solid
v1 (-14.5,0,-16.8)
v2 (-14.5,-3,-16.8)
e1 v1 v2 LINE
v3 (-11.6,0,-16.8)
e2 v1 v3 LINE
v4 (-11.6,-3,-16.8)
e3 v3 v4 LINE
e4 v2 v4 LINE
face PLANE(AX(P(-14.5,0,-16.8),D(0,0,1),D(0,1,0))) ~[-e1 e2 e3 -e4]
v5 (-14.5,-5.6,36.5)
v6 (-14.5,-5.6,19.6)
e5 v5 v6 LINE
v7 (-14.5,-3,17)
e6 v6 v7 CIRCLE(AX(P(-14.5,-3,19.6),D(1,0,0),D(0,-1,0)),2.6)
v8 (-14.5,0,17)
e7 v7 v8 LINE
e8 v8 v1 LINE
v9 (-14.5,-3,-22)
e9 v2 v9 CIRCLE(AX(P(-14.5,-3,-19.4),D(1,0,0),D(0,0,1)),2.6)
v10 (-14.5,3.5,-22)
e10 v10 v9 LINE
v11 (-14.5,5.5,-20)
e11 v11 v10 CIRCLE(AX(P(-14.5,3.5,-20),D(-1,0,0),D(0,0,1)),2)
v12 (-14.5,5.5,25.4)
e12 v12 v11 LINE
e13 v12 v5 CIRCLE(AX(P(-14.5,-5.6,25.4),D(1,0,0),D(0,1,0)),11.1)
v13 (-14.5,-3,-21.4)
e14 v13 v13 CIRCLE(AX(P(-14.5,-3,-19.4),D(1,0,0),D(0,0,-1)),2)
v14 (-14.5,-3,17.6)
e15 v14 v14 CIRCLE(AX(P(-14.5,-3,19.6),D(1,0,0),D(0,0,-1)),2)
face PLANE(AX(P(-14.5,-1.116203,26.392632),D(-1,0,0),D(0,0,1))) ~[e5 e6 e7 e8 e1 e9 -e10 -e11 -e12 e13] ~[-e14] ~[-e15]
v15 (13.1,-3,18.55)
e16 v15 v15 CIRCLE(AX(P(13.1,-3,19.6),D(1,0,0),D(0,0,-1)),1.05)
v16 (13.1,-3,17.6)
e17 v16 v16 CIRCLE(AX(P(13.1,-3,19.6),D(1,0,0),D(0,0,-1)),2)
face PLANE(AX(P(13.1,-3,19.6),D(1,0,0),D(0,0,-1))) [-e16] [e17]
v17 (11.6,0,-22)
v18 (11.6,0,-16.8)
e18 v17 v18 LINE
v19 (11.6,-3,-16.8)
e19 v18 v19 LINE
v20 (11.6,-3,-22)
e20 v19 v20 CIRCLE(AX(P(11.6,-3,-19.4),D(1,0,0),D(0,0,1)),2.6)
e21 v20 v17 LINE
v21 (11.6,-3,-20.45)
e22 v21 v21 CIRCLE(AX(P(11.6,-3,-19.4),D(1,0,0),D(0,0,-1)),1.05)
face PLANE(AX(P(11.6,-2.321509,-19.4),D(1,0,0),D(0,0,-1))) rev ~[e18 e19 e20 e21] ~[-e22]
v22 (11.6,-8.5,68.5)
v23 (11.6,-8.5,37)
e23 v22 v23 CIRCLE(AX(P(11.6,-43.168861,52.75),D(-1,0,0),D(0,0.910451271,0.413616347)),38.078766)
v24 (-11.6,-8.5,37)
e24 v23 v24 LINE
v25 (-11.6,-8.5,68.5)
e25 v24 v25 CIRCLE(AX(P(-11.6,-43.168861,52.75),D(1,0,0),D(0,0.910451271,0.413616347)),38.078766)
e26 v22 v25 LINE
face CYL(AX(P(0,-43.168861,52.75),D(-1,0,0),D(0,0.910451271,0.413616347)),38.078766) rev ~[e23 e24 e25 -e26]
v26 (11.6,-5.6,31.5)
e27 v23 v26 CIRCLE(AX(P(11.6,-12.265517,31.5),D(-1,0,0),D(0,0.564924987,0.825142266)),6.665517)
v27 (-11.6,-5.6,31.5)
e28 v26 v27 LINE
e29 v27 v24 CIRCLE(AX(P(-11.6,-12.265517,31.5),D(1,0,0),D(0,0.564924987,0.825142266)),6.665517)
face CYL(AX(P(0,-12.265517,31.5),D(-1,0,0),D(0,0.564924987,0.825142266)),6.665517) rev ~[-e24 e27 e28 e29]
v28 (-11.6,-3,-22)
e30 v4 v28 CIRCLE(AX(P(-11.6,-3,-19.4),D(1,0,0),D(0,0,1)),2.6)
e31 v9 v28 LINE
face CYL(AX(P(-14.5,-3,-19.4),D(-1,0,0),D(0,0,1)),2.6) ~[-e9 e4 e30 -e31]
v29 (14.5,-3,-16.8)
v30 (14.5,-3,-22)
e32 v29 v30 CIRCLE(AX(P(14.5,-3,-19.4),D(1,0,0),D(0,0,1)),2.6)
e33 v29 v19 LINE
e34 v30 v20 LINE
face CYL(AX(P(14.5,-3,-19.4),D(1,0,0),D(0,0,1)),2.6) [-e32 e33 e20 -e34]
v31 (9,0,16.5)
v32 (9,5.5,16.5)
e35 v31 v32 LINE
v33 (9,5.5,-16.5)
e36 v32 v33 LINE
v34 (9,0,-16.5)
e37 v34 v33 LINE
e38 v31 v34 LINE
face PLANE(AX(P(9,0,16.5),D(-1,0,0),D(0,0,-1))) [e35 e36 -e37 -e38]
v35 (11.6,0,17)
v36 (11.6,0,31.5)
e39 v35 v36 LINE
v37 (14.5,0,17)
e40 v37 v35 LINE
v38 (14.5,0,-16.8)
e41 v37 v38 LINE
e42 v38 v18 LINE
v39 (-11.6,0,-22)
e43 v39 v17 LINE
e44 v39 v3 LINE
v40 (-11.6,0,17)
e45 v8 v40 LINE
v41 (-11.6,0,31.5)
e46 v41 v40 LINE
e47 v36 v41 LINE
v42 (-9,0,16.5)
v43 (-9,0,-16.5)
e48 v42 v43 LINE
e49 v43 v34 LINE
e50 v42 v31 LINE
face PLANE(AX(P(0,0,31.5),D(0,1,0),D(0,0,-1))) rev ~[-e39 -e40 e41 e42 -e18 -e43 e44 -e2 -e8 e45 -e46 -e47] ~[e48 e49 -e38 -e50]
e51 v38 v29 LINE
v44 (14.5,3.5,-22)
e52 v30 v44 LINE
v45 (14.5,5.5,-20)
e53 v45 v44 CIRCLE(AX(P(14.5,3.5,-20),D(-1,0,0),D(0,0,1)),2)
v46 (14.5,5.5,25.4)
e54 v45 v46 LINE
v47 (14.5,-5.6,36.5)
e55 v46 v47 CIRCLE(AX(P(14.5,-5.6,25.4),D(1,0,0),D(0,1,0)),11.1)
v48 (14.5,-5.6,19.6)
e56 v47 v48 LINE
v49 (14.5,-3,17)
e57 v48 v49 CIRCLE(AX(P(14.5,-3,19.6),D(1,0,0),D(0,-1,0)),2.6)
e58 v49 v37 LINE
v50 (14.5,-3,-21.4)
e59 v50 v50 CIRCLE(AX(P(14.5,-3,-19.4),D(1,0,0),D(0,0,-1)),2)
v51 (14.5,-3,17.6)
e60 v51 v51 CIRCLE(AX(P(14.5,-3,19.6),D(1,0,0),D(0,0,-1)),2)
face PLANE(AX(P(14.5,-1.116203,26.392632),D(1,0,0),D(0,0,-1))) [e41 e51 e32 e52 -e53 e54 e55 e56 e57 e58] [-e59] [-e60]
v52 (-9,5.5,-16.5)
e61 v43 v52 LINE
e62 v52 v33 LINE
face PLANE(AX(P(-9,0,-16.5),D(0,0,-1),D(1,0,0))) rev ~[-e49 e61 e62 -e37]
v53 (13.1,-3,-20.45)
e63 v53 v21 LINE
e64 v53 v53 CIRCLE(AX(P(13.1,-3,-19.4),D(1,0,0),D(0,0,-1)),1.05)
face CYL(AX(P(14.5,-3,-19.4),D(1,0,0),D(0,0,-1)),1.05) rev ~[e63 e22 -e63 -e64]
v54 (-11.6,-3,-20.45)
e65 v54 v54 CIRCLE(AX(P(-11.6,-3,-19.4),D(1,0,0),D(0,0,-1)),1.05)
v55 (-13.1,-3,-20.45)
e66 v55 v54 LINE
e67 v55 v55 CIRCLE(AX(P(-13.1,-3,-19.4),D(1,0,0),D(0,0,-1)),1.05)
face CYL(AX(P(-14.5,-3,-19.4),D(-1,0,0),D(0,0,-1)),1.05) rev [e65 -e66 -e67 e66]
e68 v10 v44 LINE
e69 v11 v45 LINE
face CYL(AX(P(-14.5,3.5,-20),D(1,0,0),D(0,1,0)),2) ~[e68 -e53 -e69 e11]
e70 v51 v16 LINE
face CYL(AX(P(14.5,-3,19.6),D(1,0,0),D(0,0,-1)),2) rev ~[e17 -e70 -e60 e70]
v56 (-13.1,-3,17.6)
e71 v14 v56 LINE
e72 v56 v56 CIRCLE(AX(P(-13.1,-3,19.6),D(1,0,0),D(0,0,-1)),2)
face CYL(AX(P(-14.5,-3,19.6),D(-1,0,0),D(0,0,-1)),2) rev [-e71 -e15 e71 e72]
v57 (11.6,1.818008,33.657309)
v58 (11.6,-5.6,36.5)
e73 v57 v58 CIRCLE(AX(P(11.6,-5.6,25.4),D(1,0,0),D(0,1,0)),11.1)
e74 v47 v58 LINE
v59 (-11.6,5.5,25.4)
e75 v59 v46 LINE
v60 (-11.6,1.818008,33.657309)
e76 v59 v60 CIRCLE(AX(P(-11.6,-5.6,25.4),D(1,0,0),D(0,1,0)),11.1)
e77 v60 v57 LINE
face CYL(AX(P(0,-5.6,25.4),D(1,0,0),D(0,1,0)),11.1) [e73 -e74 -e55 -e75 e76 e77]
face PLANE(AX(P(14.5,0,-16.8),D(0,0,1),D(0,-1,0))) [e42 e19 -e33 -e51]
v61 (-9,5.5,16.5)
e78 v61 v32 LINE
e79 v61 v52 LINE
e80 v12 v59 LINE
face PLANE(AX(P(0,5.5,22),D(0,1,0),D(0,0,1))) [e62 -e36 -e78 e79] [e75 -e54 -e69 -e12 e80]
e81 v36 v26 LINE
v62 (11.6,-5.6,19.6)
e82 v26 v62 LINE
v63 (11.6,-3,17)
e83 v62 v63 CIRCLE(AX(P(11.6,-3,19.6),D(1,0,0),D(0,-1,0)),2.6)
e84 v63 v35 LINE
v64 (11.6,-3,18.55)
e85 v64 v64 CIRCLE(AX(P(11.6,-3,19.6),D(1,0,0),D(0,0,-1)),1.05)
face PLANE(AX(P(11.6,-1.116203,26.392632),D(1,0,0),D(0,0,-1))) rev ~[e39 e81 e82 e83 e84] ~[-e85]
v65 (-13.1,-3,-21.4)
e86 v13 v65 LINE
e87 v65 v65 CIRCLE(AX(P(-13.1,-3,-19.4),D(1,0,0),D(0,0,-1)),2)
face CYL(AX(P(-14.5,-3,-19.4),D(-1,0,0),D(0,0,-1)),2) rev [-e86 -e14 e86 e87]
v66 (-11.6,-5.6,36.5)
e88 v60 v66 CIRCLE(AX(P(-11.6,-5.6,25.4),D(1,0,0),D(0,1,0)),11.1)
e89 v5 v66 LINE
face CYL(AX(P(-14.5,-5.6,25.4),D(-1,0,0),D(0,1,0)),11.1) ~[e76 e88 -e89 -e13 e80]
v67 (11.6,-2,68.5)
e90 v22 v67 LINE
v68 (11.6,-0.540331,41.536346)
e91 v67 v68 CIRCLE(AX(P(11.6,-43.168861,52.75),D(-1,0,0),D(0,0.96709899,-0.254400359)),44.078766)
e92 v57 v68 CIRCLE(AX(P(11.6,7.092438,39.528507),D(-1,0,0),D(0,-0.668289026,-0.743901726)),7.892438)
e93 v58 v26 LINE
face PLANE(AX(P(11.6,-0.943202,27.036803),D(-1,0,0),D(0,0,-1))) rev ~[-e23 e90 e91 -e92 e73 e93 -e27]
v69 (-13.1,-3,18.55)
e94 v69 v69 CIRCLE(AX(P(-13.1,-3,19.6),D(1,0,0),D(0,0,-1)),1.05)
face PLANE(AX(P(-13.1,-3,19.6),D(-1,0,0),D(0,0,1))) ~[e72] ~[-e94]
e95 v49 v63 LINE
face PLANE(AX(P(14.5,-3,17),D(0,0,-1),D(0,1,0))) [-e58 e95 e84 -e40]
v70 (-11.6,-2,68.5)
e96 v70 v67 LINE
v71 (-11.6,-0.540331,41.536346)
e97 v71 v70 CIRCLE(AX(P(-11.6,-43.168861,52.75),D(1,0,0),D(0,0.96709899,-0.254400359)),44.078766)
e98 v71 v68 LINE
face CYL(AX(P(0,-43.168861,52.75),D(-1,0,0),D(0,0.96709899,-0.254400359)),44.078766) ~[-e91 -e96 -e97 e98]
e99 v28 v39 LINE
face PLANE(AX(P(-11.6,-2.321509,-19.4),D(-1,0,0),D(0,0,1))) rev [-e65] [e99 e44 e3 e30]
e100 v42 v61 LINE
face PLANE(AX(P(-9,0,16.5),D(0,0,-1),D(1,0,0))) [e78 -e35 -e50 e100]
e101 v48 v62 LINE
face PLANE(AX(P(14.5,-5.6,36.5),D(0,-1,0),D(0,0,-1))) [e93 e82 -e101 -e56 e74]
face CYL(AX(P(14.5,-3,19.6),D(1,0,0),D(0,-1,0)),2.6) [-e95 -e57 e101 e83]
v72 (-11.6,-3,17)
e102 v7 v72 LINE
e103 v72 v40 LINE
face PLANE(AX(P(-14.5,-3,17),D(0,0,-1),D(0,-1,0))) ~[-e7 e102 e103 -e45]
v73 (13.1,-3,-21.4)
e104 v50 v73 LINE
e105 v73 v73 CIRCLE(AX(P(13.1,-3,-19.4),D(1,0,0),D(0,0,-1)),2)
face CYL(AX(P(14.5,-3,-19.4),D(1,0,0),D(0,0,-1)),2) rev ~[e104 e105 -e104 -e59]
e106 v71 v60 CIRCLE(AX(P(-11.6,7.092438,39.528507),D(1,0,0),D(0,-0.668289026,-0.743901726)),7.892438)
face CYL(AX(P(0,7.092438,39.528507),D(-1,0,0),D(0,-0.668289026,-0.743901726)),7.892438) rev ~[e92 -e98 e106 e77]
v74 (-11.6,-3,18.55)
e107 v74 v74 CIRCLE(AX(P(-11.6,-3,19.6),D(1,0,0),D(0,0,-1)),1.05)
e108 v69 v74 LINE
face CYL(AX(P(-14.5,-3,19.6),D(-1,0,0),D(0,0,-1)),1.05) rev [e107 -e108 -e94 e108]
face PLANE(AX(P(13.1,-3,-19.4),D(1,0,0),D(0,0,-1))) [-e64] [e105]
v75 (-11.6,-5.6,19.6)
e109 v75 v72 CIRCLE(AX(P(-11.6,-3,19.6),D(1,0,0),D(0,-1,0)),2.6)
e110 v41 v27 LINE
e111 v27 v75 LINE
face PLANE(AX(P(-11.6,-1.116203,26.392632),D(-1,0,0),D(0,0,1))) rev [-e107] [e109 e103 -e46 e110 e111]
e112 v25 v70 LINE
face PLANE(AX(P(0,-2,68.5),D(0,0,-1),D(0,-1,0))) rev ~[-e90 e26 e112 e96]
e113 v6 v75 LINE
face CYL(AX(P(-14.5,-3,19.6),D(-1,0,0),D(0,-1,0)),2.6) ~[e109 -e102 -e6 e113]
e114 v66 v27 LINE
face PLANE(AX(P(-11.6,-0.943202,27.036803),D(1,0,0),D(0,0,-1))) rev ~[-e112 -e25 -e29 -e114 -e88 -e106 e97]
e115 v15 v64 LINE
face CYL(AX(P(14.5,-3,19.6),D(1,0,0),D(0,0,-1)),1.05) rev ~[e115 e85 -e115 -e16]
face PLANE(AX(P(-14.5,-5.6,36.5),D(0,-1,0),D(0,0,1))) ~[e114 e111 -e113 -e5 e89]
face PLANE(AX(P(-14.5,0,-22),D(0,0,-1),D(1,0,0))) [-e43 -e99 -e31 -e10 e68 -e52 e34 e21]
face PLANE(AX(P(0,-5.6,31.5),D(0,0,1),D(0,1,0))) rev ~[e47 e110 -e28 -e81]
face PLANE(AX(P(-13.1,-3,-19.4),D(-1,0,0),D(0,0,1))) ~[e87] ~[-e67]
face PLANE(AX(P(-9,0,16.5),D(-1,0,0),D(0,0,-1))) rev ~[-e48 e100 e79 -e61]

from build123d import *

# Parameters (mm, degrees)
SKETCH1_W                       = 29
SKETCH1_H                       = 44
SKETCH1_W_2                     = 18
SKETCH1_H_2                     = 33
BOSS_EXTRUDE1_DEPTH             = 5.5
SKETCH2_R                       = 1.05
BOSS_EXTRUDE2_DEPTH             = 2.9
SKETCH2_4_R                     = 2
SKETCH2_4_R_2                   = 1.05
CUT_EXTRUDE1_DEPTH              = 1.4
BOSS_EXTRUDE4_REACH             = 41.672
BOSS_EXTRUDE4_DIRECTION_2_REACH = 41.672
FILLET1_R                       = 2


with BuildPart() as part:
    # Sketch1 → Boss-Extrude1 (new body)
    with BuildSketch(Plane(origin=(0, 0, 0), x_dir=(1, 0, 0), z_dir=(0, 1, 0))):
        Rectangle(SKETCH1_W, SKETCH1_H)
        Rectangle(SKETCH1_W_2, SKETCH1_H_2, mode=Mode.SUBTRACT)
    extrude(amount=BOSS_EXTRUDE1_DEPTH)

    # Sketch2 → Boss-Extrude2 (add)
    # profile 1 of 2: a face of its own
    with BuildSketch(Plane(origin=(14.5, 0, 0), x_dir=(0, 0, -1), z_dir=(1, 0, 0))):
        with BuildLine():
            Line((-17, -3), (-17, 0))
            Line((-17, 0), (-22, 0))
            Line((-22, 0), (-22, 5.5))
            Line((-22, 5.5), (-25.4, 5.5))
            ThreePointArc((-25.4, 5.5), (-33.248885271, 2.248885271), (-36.5, -5.6))
            Line((-36.5, -5.6), (-19.6, -5.6))
            ThreePointArc((-19.6, -5.6), (-17.761522369, -4.838477631), (-17, -3))
        make_face()
        with Locations((-19.6, -3)):
            Circle(SKETCH2_R, mode=Mode.SUBTRACT)
    # profile 2 of 2: a face of its own
    with BuildSketch(Plane(origin=(14.5, 0, 0), x_dir=(0, 0, -1), z_dir=(1, 0, 0))):
        with BuildLine():
            Line((22, -3), (22, 0))
            Line((22, 0), (16.8, 0))
            Line((16.8, 0), (16.8, -3))
            ThreePointArc((16.8, -3), (19.4, -5.6), (22, -3))
        make_face()
        with Locations((19.4, -3)):
            Circle(SKETCH2_R, mode=Mode.SUBTRACT)
    boss_extrude2 = extrude(amount=-BOSS_EXTRUDE2_DEPTH)

    # Sketch2<4> → Cut-Extrude1 (cut)
    # profile 1 of 2: a face of its own
    with BuildSketch(Plane(origin=(14.5, 0, 0), x_dir=(0, 0, -1), z_dir=(1, 0, 0))):
        with Locations((19.4, -3)):
            Circle(SKETCH2_4_R)
        with Locations((19.4, -3)):
            Circle(SKETCH2_4_R_2, mode=Mode.SUBTRACT)
    # profile 2 of 2: a face of its own
    with BuildSketch(Plane(origin=(14.5, 0, 0), x_dir=(0, 0, -1), z_dir=(1, 0, 0))):
        with Locations((-19.6, -3)):
            Circle(SKETCH2_4_R)
        with Locations((-19.6, -3)):
            Circle(SKETCH2_4_R_2, mode=Mode.SUBTRACT)
    cut_extrude1 = extrude(amount=-CUT_EXTRUDE1_DEPTH, mode=Mode.SUBTRACT)

    # Mirror1: Boss-Extrude2, Cut-Extrude1 across plane
    add(boss_extrude2.mirror(Plane(origin=(0, 0, 0), x_dir=(0, 0, 1), z_dir=(1, 0, 0))))
    add(cut_extrude1.mirror(Plane(origin=(0, 0, 0), x_dir=(0, 0, 1), z_dir=(1, 0, 0))), mode=Mode.SUBTRACT)

    # Boss-Extrude4: up to this face of the body (flat: up to its plane)
    boss_extrude4_end = Plane(part.part.faces().sort_by_distance((-11.6, -0.943202452, 27.036803337))[0])
    # Sketch3 → Boss-Extrude4 (add, up to the picked face)
    with BuildSketch(Plane(origin=(0, 0, 0), x_dir=(0, 0, -1), z_dir=(1, 0, 0)), mode=Mode.PRIVATE) as boss_extrude4_sk1:
        with BuildLine():
            Line((-31.5, 0), (-22, 0))
            Line((-22, 0), (-22, 5.5))
            Line((-22, 5.5), (-25.4, 5.5))
            ThreePointArc((-25.4, 5.5), (-29.920514853, 4.537797861), (-33.657309154, 1.818008192))
            ThreePointArc((-33.657309154, 1.818008192), (-37.265361906, -0.468563976), (-41.536346157, -0.540330832))
            ThreePointArc((-41.536346157, -0.540330832), (-55.132701751, 0.845458827), (-68.5, -2))
            Line((-68.5, -2), (-68.5, -8.5))
            ThreePointArc((-68.5, -8.5), (-52.75, -5.090094938), (-37, -8.5))
            ThreePointArc((-37, -8.5), (-34.608858311, -6.369406651), (-31.5, -5.6))
            Line((-31.5, -5.6), (-31.5, 0))
        make_face()
    boss_extrude4_tool1 = split(extrude(boss_extrude4_sk1.sketch, amount=-BOSS_EXTRUDE4_REACH, mode=Mode.PRIVATE), bisect_by=boss_extrude4_end, keep=Keep.BOTH, mode=Mode.PRIVATE)
    add(boss_extrude4_tool1.solids().sort_by(Axis((0, -2.060248, 45.404241), (-1, 0, 0)))[0])

    # Boss-Extrude4 direction 2: up to this face of the body (flat: up to its plane)
    boss_extrude4_direction_2_end = Plane(part.part.faces().sort_by_distance((11.6, -0.943202452, 27.036803337))[0])
    # Sketch3 → Boss-Extrude4 direction 2 (add, up to the picked face)
    with BuildSketch(Plane(origin=(0, 0, 0), x_dir=(0, 0, -1), z_dir=(1, 0, 0)), mode=Mode.PRIVATE) as boss_extrude4_direction_2_sk1:
        with BuildLine():
            Line((-31.5, 0), (-22, 0))
            Line((-22, 0), (-22, 5.5))
            Line((-22, 5.5), (-25.4, 5.5))
            ThreePointArc((-25.4, 5.5), (-29.920514853, 4.537797861), (-33.657309154, 1.818008192))
            ThreePointArc((-33.657309154, 1.818008192), (-37.265361906, -0.468563976), (-41.536346157, -0.540330832))
            ThreePointArc((-41.536346157, -0.540330832), (-55.132701751, 0.845458827), (-68.5, -2))
            Line((-68.5, -2), (-68.5, -8.5))
            ThreePointArc((-68.5, -8.5), (-52.75, -5.090094938), (-37, -8.5))
            ThreePointArc((-37, -8.5), (-34.608858311, -6.369406651), (-31.5, -5.6))
            Line((-31.5, -5.6), (-31.5, 0))
        make_face()
    boss_extrude4_direction_2_tool1 = split(extrude(boss_extrude4_direction_2_sk1.sketch, amount=BOSS_EXTRUDE4_DIRECTION_2_REACH, mode=Mode.PRIVATE), bisect_by=boss_extrude4_direction_2_end, keep=Keep.BOTH, mode=Mode.PRIVATE)
    add(boss_extrude4_direction_2_tool1.solids().sort_by(Axis((0, -2.060248, 45.404241), (1, 0, 0)))[0])

    # Fillet1
    fillet1_edges = [part.edges().sort_by_distance(p)[0] for p in [
        (0, 5.5, -22),
    ]]
    fillet(fillet1_edges, radius=FILLET1_R)


solid = part.part
